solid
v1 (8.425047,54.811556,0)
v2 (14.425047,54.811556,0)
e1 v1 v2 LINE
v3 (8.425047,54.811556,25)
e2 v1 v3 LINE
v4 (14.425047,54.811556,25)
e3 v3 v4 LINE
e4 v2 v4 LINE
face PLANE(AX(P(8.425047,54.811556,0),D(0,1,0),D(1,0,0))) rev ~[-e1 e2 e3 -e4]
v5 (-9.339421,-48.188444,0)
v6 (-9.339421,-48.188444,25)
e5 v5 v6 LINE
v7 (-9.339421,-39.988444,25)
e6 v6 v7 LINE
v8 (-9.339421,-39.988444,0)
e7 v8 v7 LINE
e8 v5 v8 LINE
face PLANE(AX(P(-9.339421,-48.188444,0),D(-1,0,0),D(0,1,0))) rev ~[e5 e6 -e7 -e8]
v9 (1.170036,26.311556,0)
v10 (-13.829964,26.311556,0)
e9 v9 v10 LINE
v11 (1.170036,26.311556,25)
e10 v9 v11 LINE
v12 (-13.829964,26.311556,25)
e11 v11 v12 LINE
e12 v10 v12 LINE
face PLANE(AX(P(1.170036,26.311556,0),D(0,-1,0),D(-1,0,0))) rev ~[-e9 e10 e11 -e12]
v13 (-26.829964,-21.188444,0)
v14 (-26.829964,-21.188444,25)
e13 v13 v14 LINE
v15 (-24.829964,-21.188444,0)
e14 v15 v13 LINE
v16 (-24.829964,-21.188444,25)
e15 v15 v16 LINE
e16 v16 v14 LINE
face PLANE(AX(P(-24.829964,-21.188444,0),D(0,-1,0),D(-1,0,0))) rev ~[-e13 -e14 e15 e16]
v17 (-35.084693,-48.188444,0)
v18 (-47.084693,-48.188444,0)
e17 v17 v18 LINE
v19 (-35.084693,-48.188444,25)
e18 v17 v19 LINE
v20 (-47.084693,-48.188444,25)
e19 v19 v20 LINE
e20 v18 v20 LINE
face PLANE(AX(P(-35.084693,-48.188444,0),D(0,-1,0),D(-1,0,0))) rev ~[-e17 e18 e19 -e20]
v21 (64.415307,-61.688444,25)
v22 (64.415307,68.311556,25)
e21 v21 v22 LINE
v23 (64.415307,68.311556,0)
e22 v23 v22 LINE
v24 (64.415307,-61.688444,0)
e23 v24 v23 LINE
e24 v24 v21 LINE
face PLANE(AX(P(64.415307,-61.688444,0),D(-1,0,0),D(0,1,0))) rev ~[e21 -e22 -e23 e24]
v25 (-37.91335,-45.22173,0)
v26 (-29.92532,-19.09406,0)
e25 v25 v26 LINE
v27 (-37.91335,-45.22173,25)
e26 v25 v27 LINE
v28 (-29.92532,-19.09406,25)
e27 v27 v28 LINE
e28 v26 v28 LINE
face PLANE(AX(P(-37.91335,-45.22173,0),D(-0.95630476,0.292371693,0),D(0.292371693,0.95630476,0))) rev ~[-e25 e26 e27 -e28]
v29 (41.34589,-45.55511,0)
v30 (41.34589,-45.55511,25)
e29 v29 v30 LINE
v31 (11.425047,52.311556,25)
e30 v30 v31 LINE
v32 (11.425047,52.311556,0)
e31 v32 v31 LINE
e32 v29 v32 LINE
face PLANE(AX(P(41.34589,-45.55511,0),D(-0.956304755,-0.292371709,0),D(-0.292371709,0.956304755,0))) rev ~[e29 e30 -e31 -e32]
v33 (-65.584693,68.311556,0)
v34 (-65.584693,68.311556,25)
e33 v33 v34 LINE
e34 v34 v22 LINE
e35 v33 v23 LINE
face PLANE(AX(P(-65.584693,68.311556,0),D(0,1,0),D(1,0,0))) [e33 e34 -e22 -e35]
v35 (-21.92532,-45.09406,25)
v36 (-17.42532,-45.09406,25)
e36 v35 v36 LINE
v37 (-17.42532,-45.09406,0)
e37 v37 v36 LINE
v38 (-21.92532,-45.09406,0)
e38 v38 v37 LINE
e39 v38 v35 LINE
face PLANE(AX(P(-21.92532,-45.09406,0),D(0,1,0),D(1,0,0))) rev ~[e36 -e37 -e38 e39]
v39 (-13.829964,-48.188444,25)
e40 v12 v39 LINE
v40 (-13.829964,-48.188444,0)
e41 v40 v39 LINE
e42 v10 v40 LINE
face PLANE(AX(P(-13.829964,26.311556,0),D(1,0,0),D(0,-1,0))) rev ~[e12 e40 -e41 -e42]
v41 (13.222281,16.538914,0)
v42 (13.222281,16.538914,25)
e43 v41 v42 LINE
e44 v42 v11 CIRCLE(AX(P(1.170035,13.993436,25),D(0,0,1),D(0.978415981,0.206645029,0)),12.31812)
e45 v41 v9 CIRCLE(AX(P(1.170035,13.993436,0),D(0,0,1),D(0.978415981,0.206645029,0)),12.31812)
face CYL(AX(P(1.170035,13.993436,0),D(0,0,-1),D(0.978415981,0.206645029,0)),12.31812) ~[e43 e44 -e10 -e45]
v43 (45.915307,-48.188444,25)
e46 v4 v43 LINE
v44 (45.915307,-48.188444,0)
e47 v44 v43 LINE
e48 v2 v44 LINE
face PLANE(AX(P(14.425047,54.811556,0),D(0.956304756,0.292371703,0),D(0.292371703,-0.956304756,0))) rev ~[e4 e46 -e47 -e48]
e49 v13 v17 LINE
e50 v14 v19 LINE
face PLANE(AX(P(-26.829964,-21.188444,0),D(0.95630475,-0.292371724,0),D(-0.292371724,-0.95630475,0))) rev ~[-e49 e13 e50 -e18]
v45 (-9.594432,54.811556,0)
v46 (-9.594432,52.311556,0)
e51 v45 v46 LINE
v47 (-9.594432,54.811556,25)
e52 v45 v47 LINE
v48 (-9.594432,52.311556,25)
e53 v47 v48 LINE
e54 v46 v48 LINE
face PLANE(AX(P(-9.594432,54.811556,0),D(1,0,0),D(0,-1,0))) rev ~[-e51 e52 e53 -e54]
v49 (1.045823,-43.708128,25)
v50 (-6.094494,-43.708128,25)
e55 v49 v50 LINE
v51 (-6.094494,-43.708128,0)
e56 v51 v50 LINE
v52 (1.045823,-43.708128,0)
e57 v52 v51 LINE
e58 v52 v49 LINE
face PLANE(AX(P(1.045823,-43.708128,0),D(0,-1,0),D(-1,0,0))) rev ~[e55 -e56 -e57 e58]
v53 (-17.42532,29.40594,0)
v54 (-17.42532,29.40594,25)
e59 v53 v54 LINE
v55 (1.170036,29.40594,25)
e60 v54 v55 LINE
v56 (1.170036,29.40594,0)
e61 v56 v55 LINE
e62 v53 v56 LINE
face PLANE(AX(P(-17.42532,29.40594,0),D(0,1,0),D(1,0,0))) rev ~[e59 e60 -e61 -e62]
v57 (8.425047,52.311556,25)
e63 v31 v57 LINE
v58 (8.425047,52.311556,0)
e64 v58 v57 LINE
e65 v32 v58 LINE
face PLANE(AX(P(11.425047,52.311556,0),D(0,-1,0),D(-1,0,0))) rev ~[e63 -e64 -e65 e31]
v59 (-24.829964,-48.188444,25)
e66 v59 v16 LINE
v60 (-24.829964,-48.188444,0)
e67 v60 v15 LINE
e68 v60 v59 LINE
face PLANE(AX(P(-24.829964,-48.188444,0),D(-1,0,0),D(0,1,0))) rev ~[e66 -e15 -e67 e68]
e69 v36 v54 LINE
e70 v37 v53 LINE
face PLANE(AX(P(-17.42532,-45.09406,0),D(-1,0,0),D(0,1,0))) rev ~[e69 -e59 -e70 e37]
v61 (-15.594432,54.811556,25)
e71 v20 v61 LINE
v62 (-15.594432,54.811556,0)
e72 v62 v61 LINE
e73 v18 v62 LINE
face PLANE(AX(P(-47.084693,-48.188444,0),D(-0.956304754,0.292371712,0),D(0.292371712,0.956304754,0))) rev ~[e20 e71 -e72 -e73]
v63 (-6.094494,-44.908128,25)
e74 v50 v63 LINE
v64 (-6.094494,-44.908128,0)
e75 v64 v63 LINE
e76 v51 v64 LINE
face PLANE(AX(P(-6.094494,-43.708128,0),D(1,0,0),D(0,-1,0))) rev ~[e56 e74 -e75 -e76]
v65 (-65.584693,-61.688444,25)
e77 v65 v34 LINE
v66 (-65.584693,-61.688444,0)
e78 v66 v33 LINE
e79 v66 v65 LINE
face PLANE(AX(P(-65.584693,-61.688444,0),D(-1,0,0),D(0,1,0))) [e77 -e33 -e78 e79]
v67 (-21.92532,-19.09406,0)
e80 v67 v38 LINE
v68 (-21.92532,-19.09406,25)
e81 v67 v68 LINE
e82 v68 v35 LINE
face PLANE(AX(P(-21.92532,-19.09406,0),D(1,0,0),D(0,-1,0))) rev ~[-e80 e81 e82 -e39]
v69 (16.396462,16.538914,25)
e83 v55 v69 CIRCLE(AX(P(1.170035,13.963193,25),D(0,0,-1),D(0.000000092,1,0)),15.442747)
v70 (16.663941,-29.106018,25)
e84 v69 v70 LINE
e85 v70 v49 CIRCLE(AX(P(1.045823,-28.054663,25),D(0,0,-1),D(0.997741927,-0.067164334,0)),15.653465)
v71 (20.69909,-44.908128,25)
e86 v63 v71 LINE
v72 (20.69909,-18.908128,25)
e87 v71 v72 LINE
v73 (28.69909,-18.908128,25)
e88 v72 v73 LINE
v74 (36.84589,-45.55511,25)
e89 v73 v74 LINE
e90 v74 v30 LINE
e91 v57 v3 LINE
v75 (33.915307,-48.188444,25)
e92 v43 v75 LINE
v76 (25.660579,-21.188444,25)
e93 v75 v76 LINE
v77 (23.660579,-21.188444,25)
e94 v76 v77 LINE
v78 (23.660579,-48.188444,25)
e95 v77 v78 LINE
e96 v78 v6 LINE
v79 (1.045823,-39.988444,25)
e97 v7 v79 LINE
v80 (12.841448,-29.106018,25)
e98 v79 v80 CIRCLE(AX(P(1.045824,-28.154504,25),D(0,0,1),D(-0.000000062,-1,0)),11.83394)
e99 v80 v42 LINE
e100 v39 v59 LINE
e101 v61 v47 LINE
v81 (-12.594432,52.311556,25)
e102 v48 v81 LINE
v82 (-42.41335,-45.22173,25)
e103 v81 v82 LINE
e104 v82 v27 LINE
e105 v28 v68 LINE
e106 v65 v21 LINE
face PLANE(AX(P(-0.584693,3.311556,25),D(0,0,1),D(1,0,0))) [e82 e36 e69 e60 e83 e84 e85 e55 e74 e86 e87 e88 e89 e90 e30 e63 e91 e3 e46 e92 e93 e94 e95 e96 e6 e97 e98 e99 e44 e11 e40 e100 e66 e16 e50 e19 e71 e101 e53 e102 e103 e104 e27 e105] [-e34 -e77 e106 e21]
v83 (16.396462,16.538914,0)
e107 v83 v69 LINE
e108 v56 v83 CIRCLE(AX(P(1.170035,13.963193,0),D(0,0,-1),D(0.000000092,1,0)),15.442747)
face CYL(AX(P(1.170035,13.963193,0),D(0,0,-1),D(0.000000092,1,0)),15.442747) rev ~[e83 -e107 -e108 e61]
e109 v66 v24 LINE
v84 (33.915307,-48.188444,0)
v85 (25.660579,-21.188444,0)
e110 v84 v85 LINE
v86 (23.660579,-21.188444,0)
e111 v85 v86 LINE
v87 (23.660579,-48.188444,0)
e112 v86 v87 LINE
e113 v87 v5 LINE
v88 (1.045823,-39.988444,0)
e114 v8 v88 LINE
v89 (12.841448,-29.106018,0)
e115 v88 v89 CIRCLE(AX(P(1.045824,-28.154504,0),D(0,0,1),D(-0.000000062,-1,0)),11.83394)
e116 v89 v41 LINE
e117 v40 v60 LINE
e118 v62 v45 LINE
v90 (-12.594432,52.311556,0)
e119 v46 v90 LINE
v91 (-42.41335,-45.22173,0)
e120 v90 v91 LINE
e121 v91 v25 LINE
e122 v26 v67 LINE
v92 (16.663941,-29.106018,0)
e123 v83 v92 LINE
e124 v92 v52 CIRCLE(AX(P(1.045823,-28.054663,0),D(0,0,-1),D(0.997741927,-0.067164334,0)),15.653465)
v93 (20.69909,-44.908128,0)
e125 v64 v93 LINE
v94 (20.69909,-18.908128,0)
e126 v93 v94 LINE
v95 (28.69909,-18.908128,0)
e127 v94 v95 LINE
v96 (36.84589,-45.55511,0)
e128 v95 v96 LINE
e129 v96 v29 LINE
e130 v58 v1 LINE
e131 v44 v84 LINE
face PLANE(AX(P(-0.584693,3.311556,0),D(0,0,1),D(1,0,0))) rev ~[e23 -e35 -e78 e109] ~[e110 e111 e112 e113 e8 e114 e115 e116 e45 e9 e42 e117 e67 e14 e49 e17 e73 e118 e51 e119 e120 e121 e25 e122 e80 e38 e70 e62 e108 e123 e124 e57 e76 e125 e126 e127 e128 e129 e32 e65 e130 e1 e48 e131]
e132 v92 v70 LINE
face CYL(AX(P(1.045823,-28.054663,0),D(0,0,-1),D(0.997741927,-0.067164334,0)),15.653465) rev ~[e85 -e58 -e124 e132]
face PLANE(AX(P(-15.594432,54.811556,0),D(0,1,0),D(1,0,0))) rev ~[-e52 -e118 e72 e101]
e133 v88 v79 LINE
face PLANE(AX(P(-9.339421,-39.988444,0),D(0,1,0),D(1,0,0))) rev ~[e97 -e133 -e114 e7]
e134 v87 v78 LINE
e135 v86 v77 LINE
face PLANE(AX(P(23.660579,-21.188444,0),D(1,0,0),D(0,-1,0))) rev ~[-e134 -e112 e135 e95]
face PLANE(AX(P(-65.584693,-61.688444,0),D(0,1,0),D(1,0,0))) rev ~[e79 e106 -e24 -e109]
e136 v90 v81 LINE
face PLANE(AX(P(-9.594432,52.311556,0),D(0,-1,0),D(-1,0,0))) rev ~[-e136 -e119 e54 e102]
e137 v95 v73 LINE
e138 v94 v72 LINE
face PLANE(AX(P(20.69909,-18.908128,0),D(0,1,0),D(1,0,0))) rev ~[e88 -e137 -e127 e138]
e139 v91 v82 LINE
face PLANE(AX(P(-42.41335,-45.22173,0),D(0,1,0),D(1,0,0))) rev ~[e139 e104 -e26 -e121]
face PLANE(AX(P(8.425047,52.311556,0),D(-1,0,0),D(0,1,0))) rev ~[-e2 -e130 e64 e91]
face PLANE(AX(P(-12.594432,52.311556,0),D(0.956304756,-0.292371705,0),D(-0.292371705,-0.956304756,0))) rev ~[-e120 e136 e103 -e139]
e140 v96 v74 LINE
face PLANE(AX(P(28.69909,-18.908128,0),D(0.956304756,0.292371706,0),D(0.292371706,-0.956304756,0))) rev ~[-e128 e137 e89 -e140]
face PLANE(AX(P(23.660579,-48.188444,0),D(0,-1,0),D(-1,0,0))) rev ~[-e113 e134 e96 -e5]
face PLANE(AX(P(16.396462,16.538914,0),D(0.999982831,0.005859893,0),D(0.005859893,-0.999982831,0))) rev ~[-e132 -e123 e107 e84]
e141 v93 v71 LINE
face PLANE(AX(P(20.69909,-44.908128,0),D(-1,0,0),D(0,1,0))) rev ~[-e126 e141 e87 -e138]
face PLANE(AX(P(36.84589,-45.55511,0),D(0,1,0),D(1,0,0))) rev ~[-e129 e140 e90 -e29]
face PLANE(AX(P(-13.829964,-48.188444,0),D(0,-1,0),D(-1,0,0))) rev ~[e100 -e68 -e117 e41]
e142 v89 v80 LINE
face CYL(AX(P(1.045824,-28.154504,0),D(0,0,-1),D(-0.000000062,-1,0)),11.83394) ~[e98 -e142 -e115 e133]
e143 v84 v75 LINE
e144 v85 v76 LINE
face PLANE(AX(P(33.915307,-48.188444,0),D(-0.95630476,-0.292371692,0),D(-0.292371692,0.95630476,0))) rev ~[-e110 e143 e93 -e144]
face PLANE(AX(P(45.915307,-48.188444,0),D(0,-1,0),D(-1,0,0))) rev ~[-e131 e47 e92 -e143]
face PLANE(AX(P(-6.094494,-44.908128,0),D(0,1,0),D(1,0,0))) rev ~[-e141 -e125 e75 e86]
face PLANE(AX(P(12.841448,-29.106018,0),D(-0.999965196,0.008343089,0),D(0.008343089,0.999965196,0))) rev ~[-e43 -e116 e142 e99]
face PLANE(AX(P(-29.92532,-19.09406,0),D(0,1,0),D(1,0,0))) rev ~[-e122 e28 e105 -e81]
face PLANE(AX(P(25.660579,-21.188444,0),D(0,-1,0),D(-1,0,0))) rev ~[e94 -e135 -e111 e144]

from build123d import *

# Parameters (mm, degrees)
F0_W     = 130
F0_H     = 130
F1_DEPTH = 25


with BuildPart() as f1:
    # F0 (on Top) → F1 (new body)
    with BuildSketch(Plane.XY):
        with Locations((-0.584693, 3.311556)):
            Rectangle(F0_W, F0_H)
        with BuildLine():
            Line((-15.594432, 54.811556), (-9.594432, 54.811556))
            Line((-9.594432, 54.811556), (-9.594432, 52.311556))
            Line((-9.594432, 52.311556), (-12.594432, 52.311556))
            Line((-12.594432, 52.311556), (-42.41335, -45.22173))
            Line((-42.41335, -45.22173), (-37.91335, -45.22173))
            Line((-37.91335, -45.22173), (-29.92532, -19.09406))
            Line((-29.92532, -19.09406), (-21.92532, -19.09406))
            Line((-21.92532, -19.09406), (-21.92532, -45.09406))
            Line((-21.92532, -45.09406), (-17.42532, -45.09406))
            Line((-17.42532, -45.09406), (-17.42532, 29.40594))
            Line((-17.42532, 29.40594), (1.170036, 29.40594))
            ThreePointArc((1.170036, 29.40594), (11.137538, 25.758417), (16.396462, 16.538914))
            Line((16.396462, 16.538914), (16.663941, -29.106018))
            ThreePointArc((16.663941, -29.106018), (11.736324, -39.489004), (1.045823, -43.708128))
            Line((1.045823, -43.708128), (-6.094494, -43.708128))
            Line((-6.094494, -43.708128), (-6.094494, -44.908128))
            Line((-6.094494, -44.908128), (20.69909, -44.908128))
            Line((20.69909, -44.908128), (20.69909, -18.908128))
            Line((20.69909, -18.908128), (28.69909, -18.908128))
            Line((28.69909, -18.908128), (36.84589, -45.55511))
            Line((36.84589, -45.55511), (41.34589, -45.55511))
            Line((41.34589, -45.55511), (11.425047, 52.311556))
            Line((11.425047, 52.311556), (8.425047, 52.311556))
            Line((8.425047, 52.311556), (8.425047, 54.811556))
            Line((8.425047, 54.811556), (14.425047, 54.811556))
            Line((14.425047, 54.811556), (45.915307, -48.188444))
            Line((45.915307, -48.188444), (33.915307, -48.188444))
            Line((33.915307, -48.188444), (25.660579, -21.188444))
            Line((25.660579, -21.188444), (23.660579, -21.188444))
            Line((23.660579, -21.188444), (23.660579, -48.188444))
            Line((23.660579, -48.188444), (-9.339421, -48.188444))
            Line((-9.339421, -48.188444), (-9.339421, -39.988444))
            Line((-9.339421, -39.988444), (1.045823, -39.988444))
            ThreePointArc((1.045823, -39.988444), (9.070223, -36.852271), (12.841448, -29.106018))
            Line((12.841448, -29.106018), (13.222281, 16.538914))
            ThreePointArc((13.222281, 16.538914), (8.928276, 23.561392), (1.170036, 26.311556))
            Line((1.170036, 26.311556), (-13.829964, 26.311556))
            Line((-13.829964, 26.311556), (-13.829964, -48.188444))
            Line((-13.829964, -48.188444), (-24.829964, -48.188444))
            Line((-24.829964, -48.188444), (-24.829964, -21.188444))
            Line((-24.829964, -21.188444), (-26.829964, -21.188444))
            Line((-26.829964, -21.188444), (-35.084693, -48.188444))
            Line((-35.084693, -48.188444), (-47.084693, -48.188444))
            Line((-47.084693, -48.188444), (-15.594432, 54.811556))
        make_face(mode=Mode.SUBTRACT)
    extrude(amount=F1_DEPTH)


solid = f1.part
